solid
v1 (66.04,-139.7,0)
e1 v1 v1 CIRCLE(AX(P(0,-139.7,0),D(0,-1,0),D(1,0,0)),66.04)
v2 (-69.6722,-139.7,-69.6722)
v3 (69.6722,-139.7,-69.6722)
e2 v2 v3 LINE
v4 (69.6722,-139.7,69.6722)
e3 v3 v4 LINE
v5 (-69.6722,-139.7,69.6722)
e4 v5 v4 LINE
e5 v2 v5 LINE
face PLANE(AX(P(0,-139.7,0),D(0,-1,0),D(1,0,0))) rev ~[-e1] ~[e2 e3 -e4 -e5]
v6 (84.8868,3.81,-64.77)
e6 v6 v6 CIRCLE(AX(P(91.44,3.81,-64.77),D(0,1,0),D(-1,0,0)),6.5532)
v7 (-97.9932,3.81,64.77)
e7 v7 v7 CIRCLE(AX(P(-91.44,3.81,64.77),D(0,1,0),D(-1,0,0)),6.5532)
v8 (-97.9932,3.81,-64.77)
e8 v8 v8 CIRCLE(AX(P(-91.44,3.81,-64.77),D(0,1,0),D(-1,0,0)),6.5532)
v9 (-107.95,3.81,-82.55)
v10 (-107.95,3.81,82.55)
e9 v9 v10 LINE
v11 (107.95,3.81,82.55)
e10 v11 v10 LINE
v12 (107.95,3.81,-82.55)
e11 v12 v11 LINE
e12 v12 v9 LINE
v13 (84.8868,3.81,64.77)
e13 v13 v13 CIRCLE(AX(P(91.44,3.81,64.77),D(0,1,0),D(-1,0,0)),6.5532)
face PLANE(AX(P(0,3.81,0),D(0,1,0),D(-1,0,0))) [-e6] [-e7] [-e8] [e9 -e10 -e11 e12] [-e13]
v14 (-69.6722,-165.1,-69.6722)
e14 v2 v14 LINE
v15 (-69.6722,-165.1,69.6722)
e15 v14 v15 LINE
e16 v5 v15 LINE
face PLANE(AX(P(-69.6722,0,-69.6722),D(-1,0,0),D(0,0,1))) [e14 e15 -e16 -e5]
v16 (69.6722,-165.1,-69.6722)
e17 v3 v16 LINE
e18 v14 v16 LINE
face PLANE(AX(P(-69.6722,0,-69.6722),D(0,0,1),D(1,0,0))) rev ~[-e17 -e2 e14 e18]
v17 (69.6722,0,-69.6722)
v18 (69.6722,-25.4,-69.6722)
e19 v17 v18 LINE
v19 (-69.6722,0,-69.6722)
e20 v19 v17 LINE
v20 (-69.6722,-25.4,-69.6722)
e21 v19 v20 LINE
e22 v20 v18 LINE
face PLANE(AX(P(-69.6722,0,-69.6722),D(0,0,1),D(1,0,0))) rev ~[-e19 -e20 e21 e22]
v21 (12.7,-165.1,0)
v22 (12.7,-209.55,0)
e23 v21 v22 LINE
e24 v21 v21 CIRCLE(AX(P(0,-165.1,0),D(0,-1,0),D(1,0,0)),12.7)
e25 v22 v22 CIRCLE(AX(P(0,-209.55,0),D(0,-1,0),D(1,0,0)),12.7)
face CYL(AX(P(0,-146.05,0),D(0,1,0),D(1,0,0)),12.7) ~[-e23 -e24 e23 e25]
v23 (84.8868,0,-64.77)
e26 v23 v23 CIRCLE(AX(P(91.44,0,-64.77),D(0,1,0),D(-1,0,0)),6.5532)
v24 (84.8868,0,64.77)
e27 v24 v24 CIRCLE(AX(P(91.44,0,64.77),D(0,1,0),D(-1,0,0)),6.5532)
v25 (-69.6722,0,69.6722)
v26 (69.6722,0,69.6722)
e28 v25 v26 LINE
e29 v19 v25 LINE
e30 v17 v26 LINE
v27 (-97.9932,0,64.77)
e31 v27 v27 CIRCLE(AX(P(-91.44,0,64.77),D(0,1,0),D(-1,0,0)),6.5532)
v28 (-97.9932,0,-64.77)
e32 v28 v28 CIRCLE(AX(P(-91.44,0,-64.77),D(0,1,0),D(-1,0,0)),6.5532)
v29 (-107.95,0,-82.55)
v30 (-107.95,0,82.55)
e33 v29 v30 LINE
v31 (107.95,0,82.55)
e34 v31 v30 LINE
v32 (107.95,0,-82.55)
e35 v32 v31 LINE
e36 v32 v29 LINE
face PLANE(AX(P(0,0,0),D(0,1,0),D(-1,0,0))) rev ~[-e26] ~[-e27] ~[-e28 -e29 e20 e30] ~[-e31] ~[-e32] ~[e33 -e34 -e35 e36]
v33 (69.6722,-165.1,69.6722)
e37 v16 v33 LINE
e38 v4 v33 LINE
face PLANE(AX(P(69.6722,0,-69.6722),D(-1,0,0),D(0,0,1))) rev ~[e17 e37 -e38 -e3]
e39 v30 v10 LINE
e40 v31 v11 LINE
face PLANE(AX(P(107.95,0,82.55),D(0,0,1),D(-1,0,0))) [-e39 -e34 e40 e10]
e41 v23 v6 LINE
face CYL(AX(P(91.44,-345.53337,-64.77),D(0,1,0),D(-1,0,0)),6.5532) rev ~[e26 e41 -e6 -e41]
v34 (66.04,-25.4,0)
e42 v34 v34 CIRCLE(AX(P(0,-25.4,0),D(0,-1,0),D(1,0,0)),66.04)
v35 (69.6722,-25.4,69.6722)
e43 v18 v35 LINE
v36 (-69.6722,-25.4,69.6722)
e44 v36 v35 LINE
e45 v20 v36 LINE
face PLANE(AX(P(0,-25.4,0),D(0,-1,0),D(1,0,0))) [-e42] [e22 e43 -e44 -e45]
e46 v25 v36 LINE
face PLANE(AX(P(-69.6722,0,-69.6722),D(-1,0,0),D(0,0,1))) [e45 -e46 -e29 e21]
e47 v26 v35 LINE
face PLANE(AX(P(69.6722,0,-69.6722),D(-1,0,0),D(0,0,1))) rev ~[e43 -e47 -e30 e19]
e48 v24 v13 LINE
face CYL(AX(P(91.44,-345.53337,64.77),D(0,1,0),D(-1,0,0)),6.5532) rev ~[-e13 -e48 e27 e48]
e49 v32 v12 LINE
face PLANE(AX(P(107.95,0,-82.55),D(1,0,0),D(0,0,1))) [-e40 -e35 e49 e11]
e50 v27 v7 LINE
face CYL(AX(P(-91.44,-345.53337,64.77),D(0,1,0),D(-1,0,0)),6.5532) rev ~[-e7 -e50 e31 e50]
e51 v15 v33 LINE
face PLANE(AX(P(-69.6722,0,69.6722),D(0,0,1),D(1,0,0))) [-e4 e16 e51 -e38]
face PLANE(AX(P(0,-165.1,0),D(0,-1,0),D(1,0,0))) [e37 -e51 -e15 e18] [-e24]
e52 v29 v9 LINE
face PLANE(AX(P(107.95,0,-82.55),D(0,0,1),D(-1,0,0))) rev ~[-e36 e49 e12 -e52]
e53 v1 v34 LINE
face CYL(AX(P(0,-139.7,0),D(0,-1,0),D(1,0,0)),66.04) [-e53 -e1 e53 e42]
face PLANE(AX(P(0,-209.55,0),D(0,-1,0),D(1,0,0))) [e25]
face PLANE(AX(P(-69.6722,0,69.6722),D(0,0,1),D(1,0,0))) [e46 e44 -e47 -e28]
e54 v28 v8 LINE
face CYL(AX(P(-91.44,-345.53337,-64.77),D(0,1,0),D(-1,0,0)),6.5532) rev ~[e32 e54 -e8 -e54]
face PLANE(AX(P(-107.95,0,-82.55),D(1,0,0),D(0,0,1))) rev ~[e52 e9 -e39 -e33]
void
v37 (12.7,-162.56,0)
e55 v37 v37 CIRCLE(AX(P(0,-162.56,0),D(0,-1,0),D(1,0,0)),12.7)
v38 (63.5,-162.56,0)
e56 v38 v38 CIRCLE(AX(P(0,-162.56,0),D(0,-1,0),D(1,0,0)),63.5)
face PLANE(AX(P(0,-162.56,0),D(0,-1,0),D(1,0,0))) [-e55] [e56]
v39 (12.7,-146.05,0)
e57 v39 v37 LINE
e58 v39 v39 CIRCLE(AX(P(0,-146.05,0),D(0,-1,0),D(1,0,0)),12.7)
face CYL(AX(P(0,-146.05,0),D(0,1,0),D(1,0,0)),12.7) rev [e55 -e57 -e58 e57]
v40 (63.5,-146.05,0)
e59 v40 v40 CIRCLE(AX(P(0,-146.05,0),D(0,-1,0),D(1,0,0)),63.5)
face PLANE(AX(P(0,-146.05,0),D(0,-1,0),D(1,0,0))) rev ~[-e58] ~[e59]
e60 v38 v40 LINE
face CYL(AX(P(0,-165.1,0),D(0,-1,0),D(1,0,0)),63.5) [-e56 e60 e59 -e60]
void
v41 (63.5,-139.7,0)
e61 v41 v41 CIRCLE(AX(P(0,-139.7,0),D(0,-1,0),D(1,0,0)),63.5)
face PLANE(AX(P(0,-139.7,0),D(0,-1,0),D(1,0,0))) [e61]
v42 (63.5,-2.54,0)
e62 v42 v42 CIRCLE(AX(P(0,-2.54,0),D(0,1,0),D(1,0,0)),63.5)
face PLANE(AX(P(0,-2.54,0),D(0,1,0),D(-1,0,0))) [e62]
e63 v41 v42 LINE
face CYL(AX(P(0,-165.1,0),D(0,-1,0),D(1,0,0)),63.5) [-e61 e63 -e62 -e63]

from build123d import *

# Parameters (mm, degrees)
F0_W      = 139.3444
F0_H      = 139.3444
F1_DEPTH  = 165.1
F3_W      = 139.3444
F3_H      = 139.3444
F3_R      = 66.04
F4_DEPTH  = 114.3
F5_R      = 63.5
F6_DEPTH  = 165.101
F7_R      = 63.5
F8_DEPTH  = 2.54
F9_R      = 63.5
F10_DEPTH = 6.35
F11_R     = 12.7
F12_DEPTH = 63.5
F13_W     = 215.9
F13_H     = 165.1
F14_DEPTH = 3.81
F16_D     = 13.1064
F17_R     = 63.5
F17_R_2   = 12.7
F18_DEPTH = 2.54


with BuildPart() as f1:
    # F0 (on Front) → F1 (new body)
    with BuildSketch(Plane.XZ):
        Rectangle(F0_W, F0_H)
    extrude(amount=F1_DEPTH)

    # F3 (on offset) → F4 (cut)
    with BuildSketch(Plane.XZ.offset(139.7)):
        Rectangle(F3_W, F3_H)
        Circle(F3_R, mode=Mode.SUBTRACT)
    extrude(amount=-F4_DEPTH, mode=Mode.SUBTRACT)

    # F5 (on face) → F6 (cut, through all)
    with BuildSketch(Plane.XZ.offset(165.1)):
        Circle(F5_R)
    extrude(amount=-F6_DEPTH, mode=Mode.SUBTRACT)

    # F7 (on face) → F8 (join)
    with BuildSketch(Plane(origin=(0, 0, 0), x_dir=(-1, 0, 0), z_dir=(0, 1, 0))):
        Circle(F7_R)
    extrude(amount=-F8_DEPTH)

    # F9 (on offset) → F10 (join)
    with BuildSketch(Plane.XZ.offset(139.7)):
        Circle(F9_R)
    extrude(amount=F10_DEPTH)

    # F11 (on face) → F12 (join)
    with BuildSketch(Plane.XZ.offset(146.05)):
        Circle(F11_R)
    extrude(amount=F12_DEPTH)

    # F13 (on face) → F14 (join)
    with BuildSketch(Plane(origin=(0, 0, 0), x_dir=(-1, 0, 0), z_dir=(0, 1, 0))):
        Rectangle(F13_W, F13_H)
    extrude(amount=F14_DEPTH)

    # F16 (through all)
    with Locations(Plane.XZ):
        with Locations((91.44, 64.77), (91.44, -64.77), (-91.44, 64.77), (-91.44, -64.77)):
            Hole(F16_D / 2)

    # F17 (on face) → F18 (join)
    with BuildSketch(Plane.XZ.offset(165.1)):
        Circle(F17_R)
        Circle(F17_R_2, mode=Mode.SUBTRACT)
    extrude(amount=-F18_DEPTH)


solid = f1.part
